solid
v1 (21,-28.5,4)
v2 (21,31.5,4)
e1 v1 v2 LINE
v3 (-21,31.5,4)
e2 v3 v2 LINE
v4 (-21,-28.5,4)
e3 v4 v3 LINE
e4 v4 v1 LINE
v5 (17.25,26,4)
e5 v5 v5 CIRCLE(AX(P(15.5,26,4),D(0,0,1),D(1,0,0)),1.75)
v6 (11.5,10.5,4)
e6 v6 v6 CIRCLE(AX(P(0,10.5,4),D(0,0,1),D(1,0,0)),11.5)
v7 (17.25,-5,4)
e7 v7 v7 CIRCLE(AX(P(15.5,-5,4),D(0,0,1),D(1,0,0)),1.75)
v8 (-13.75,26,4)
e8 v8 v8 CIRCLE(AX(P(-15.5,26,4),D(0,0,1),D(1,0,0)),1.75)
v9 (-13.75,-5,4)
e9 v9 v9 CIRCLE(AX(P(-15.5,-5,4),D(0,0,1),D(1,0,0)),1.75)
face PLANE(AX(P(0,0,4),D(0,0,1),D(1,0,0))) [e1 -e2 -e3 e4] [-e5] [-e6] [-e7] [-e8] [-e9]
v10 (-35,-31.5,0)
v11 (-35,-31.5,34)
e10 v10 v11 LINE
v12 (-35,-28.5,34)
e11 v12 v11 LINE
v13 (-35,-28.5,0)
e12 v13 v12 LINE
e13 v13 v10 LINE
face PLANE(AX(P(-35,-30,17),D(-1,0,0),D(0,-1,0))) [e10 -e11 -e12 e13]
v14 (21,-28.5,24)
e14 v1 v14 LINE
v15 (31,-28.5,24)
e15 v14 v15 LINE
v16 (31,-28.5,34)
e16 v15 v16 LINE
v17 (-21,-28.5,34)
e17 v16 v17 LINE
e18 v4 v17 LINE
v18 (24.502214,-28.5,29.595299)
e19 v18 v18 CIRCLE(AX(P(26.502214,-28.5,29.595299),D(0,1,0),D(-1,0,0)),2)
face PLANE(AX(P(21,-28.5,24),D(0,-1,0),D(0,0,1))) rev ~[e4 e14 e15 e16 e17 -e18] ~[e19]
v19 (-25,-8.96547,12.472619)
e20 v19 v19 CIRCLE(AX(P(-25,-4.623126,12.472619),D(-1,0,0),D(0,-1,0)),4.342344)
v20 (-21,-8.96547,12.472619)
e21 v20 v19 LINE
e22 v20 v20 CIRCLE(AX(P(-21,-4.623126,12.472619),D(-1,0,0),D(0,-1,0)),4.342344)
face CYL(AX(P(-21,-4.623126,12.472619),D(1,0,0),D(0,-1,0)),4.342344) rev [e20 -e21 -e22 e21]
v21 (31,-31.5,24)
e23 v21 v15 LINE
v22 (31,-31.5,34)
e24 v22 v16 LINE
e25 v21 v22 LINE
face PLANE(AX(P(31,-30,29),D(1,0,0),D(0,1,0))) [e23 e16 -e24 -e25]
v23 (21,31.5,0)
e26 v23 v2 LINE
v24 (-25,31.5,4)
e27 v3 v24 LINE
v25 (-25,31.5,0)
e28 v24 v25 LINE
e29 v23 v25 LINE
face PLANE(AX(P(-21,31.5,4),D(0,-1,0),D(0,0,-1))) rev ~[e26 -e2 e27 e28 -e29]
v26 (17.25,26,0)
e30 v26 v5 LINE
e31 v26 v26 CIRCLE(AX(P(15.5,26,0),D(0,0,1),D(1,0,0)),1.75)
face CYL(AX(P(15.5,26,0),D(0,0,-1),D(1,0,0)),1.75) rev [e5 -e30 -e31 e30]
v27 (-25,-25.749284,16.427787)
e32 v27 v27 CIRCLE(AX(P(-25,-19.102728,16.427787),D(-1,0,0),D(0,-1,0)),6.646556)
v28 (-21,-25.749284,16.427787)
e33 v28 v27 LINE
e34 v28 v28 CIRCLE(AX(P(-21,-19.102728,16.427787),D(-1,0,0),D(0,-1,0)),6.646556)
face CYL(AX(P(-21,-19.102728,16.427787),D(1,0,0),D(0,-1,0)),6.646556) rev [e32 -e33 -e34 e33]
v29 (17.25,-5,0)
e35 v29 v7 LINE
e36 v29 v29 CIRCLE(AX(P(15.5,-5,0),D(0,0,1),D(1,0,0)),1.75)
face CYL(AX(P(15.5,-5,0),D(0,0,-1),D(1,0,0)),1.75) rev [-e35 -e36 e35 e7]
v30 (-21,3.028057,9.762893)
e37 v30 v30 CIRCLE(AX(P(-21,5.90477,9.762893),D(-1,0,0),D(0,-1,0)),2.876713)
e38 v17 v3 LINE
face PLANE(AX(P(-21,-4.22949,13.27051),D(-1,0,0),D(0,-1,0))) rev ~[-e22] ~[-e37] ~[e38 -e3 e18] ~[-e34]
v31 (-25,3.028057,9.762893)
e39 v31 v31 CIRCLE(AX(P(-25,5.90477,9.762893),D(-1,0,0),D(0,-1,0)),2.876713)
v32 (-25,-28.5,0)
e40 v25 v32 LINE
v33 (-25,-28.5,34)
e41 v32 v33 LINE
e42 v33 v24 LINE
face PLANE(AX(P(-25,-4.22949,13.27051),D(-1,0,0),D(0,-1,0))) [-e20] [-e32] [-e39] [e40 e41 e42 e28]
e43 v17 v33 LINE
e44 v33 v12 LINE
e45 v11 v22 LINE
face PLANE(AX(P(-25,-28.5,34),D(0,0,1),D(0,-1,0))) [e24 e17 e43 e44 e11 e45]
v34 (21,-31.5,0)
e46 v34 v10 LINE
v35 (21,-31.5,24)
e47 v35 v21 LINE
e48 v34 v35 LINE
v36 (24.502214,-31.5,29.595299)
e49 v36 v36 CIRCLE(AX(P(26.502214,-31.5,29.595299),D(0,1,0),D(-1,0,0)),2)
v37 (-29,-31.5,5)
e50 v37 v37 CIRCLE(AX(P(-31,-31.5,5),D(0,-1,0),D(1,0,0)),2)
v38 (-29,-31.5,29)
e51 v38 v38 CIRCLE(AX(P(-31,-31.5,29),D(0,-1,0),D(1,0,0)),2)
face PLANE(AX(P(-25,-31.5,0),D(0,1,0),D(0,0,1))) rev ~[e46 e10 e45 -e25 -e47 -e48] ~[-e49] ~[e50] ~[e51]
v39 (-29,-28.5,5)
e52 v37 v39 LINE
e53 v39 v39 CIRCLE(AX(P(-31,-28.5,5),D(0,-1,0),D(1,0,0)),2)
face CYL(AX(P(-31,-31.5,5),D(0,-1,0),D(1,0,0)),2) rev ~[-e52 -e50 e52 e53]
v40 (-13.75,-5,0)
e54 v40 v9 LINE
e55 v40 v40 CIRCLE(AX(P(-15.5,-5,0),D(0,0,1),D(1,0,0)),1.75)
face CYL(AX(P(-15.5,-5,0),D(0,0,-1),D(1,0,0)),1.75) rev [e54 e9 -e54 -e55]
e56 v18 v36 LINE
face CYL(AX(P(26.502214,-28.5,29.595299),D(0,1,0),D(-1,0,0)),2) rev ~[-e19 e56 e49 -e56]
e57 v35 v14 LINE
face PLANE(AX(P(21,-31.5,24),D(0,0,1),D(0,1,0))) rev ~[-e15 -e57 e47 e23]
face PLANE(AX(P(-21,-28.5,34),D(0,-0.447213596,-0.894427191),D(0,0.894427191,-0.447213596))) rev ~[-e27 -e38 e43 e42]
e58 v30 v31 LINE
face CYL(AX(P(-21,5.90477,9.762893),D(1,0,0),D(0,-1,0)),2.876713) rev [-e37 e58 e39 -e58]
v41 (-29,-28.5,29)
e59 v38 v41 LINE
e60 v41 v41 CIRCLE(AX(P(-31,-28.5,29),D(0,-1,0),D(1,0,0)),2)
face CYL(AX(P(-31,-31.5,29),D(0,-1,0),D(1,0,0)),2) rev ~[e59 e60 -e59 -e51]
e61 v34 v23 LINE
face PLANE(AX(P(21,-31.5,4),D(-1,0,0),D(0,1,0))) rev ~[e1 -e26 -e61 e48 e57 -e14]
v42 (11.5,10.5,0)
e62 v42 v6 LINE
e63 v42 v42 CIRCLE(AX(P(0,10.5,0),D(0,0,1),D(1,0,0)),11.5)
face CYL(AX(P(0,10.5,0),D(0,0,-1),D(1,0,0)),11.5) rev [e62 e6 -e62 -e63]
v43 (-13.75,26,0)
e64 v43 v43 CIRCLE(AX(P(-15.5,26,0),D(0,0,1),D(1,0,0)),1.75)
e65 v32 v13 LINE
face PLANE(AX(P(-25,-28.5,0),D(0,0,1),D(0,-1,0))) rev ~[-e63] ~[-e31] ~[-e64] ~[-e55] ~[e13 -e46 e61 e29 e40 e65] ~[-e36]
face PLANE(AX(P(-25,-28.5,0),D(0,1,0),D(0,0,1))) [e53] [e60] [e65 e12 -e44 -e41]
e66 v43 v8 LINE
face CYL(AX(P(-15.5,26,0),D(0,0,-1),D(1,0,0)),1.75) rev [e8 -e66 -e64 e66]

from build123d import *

# Parameters (mm, degrees)
F0_W      = 42
F0_H      = 63
F0_R      = 1.75
F0_R_2    = 11.5
F1_DEPTH  = 4
F2_W      = 42
F2_H      = 3
F3_DEPTH  = 30
F4_R      = 2.876713
F4_R_2    = 4.342344
F4_R_3    = 6.646556
F5_DEPTH  = 4
F6_W      = 3
F6_H      = 10
F7_DEPTH  = 10
F8_R      = 2
F9_DEPTH  = 25
F10_W     = 3
F10_H     = 34
F11_DEPTH = 10
F12_R     = 2
F13_DEPTH = 25


with BuildPart() as f1:
    # F0 (on Top) → F1 (new body)
    with BuildSketch(Plane.XY):
        Rectangle(F0_W, F0_H)
        with Locations((-15.5, -5)):
            Circle(F0_R, mode=Mode.SUBTRACT)
        with Locations((15.5, -5)):
            Circle(F0_R, mode=Mode.SUBTRACT)
        with Locations((-15.5, 26)):
            Circle(F0_R, mode=Mode.SUBTRACT)
        with Locations((0, 10.5)):
            Circle(F0_R_2, mode=Mode.SUBTRACT)
        with Locations((15.5, 26)):
            Circle(F0_R, mode=Mode.SUBTRACT)
    extrude(amount=F1_DEPTH)

    # F2 (on face) → F3 (join)
    with BuildSketch(Plane.XY.offset(4)):
        with Locations((0, -30)):
            Rectangle(F2_W, F2_H)
    extrude(amount=F3_DEPTH)

    # F4 (on face) → F5 (join)
    with BuildSketch(Plane(origin=(-21, 0, 0), x_dir=(0, -1, 0), z_dir=(-1, 0, 0))):
        Polygon((28.5, 34), (-31.5, 4), (28.5, 4), align=None)
        with Locations((-5.90477, 9.762893)):
            Circle(F4_R, mode=Mode.SUBTRACT)
        with Locations((4.623126, 12.472619)):
            Circle(F4_R_2, mode=Mode.SUBTRACT)
        with Locations((19.102728, 16.427787)):
            Circle(F4_R_3, mode=Mode.SUBTRACT)
        Polygon((28.5, 4), (-31.5, 4), (-31.5, 0), (31.5, 0), (31.5, 34), (28.5, 34), align=None)
    extrude(amount=F5_DEPTH)

    # F6 (on face) → F7 (join)
    with BuildSketch(Plane.YZ.offset(21)):
        with Locations((-30, 29)):
            Rectangle(F6_W, F6_H)
    extrude(amount=F7_DEPTH)

    # F8 (on face) → F9 (cut)
    with BuildSketch(Plane(origin=(0, -28.5, 0), x_dir=(-1, 0, 0), z_dir=(0, 1, 0))):
        with Locations((-26.502214, 29.595299)):
            Circle(F8_R)
    extrude(amount=-F9_DEPTH, mode=Mode.SUBTRACT)

    # F10 (on face) → F11 (join)
    with BuildSketch(Plane(origin=(-25, 0, 0), x_dir=(0, -1, 0), z_dir=(-1, 0, 0))):
        with Locations((30, 17)):
            Rectangle(F10_W, F10_H)
    extrude(amount=F11_DEPTH)

    # F12 (on face) → F13 (cut)
    with BuildSketch(Plane.XZ.offset(31.5)):
        with Locations((-31, 29)):
            Circle(F12_R)
        with Locations((-31, 5)):
            Circle(F12_R)
    extrude(amount=-F13_DEPTH, mode=Mode.SUBTRACT)


solid = f1.part
